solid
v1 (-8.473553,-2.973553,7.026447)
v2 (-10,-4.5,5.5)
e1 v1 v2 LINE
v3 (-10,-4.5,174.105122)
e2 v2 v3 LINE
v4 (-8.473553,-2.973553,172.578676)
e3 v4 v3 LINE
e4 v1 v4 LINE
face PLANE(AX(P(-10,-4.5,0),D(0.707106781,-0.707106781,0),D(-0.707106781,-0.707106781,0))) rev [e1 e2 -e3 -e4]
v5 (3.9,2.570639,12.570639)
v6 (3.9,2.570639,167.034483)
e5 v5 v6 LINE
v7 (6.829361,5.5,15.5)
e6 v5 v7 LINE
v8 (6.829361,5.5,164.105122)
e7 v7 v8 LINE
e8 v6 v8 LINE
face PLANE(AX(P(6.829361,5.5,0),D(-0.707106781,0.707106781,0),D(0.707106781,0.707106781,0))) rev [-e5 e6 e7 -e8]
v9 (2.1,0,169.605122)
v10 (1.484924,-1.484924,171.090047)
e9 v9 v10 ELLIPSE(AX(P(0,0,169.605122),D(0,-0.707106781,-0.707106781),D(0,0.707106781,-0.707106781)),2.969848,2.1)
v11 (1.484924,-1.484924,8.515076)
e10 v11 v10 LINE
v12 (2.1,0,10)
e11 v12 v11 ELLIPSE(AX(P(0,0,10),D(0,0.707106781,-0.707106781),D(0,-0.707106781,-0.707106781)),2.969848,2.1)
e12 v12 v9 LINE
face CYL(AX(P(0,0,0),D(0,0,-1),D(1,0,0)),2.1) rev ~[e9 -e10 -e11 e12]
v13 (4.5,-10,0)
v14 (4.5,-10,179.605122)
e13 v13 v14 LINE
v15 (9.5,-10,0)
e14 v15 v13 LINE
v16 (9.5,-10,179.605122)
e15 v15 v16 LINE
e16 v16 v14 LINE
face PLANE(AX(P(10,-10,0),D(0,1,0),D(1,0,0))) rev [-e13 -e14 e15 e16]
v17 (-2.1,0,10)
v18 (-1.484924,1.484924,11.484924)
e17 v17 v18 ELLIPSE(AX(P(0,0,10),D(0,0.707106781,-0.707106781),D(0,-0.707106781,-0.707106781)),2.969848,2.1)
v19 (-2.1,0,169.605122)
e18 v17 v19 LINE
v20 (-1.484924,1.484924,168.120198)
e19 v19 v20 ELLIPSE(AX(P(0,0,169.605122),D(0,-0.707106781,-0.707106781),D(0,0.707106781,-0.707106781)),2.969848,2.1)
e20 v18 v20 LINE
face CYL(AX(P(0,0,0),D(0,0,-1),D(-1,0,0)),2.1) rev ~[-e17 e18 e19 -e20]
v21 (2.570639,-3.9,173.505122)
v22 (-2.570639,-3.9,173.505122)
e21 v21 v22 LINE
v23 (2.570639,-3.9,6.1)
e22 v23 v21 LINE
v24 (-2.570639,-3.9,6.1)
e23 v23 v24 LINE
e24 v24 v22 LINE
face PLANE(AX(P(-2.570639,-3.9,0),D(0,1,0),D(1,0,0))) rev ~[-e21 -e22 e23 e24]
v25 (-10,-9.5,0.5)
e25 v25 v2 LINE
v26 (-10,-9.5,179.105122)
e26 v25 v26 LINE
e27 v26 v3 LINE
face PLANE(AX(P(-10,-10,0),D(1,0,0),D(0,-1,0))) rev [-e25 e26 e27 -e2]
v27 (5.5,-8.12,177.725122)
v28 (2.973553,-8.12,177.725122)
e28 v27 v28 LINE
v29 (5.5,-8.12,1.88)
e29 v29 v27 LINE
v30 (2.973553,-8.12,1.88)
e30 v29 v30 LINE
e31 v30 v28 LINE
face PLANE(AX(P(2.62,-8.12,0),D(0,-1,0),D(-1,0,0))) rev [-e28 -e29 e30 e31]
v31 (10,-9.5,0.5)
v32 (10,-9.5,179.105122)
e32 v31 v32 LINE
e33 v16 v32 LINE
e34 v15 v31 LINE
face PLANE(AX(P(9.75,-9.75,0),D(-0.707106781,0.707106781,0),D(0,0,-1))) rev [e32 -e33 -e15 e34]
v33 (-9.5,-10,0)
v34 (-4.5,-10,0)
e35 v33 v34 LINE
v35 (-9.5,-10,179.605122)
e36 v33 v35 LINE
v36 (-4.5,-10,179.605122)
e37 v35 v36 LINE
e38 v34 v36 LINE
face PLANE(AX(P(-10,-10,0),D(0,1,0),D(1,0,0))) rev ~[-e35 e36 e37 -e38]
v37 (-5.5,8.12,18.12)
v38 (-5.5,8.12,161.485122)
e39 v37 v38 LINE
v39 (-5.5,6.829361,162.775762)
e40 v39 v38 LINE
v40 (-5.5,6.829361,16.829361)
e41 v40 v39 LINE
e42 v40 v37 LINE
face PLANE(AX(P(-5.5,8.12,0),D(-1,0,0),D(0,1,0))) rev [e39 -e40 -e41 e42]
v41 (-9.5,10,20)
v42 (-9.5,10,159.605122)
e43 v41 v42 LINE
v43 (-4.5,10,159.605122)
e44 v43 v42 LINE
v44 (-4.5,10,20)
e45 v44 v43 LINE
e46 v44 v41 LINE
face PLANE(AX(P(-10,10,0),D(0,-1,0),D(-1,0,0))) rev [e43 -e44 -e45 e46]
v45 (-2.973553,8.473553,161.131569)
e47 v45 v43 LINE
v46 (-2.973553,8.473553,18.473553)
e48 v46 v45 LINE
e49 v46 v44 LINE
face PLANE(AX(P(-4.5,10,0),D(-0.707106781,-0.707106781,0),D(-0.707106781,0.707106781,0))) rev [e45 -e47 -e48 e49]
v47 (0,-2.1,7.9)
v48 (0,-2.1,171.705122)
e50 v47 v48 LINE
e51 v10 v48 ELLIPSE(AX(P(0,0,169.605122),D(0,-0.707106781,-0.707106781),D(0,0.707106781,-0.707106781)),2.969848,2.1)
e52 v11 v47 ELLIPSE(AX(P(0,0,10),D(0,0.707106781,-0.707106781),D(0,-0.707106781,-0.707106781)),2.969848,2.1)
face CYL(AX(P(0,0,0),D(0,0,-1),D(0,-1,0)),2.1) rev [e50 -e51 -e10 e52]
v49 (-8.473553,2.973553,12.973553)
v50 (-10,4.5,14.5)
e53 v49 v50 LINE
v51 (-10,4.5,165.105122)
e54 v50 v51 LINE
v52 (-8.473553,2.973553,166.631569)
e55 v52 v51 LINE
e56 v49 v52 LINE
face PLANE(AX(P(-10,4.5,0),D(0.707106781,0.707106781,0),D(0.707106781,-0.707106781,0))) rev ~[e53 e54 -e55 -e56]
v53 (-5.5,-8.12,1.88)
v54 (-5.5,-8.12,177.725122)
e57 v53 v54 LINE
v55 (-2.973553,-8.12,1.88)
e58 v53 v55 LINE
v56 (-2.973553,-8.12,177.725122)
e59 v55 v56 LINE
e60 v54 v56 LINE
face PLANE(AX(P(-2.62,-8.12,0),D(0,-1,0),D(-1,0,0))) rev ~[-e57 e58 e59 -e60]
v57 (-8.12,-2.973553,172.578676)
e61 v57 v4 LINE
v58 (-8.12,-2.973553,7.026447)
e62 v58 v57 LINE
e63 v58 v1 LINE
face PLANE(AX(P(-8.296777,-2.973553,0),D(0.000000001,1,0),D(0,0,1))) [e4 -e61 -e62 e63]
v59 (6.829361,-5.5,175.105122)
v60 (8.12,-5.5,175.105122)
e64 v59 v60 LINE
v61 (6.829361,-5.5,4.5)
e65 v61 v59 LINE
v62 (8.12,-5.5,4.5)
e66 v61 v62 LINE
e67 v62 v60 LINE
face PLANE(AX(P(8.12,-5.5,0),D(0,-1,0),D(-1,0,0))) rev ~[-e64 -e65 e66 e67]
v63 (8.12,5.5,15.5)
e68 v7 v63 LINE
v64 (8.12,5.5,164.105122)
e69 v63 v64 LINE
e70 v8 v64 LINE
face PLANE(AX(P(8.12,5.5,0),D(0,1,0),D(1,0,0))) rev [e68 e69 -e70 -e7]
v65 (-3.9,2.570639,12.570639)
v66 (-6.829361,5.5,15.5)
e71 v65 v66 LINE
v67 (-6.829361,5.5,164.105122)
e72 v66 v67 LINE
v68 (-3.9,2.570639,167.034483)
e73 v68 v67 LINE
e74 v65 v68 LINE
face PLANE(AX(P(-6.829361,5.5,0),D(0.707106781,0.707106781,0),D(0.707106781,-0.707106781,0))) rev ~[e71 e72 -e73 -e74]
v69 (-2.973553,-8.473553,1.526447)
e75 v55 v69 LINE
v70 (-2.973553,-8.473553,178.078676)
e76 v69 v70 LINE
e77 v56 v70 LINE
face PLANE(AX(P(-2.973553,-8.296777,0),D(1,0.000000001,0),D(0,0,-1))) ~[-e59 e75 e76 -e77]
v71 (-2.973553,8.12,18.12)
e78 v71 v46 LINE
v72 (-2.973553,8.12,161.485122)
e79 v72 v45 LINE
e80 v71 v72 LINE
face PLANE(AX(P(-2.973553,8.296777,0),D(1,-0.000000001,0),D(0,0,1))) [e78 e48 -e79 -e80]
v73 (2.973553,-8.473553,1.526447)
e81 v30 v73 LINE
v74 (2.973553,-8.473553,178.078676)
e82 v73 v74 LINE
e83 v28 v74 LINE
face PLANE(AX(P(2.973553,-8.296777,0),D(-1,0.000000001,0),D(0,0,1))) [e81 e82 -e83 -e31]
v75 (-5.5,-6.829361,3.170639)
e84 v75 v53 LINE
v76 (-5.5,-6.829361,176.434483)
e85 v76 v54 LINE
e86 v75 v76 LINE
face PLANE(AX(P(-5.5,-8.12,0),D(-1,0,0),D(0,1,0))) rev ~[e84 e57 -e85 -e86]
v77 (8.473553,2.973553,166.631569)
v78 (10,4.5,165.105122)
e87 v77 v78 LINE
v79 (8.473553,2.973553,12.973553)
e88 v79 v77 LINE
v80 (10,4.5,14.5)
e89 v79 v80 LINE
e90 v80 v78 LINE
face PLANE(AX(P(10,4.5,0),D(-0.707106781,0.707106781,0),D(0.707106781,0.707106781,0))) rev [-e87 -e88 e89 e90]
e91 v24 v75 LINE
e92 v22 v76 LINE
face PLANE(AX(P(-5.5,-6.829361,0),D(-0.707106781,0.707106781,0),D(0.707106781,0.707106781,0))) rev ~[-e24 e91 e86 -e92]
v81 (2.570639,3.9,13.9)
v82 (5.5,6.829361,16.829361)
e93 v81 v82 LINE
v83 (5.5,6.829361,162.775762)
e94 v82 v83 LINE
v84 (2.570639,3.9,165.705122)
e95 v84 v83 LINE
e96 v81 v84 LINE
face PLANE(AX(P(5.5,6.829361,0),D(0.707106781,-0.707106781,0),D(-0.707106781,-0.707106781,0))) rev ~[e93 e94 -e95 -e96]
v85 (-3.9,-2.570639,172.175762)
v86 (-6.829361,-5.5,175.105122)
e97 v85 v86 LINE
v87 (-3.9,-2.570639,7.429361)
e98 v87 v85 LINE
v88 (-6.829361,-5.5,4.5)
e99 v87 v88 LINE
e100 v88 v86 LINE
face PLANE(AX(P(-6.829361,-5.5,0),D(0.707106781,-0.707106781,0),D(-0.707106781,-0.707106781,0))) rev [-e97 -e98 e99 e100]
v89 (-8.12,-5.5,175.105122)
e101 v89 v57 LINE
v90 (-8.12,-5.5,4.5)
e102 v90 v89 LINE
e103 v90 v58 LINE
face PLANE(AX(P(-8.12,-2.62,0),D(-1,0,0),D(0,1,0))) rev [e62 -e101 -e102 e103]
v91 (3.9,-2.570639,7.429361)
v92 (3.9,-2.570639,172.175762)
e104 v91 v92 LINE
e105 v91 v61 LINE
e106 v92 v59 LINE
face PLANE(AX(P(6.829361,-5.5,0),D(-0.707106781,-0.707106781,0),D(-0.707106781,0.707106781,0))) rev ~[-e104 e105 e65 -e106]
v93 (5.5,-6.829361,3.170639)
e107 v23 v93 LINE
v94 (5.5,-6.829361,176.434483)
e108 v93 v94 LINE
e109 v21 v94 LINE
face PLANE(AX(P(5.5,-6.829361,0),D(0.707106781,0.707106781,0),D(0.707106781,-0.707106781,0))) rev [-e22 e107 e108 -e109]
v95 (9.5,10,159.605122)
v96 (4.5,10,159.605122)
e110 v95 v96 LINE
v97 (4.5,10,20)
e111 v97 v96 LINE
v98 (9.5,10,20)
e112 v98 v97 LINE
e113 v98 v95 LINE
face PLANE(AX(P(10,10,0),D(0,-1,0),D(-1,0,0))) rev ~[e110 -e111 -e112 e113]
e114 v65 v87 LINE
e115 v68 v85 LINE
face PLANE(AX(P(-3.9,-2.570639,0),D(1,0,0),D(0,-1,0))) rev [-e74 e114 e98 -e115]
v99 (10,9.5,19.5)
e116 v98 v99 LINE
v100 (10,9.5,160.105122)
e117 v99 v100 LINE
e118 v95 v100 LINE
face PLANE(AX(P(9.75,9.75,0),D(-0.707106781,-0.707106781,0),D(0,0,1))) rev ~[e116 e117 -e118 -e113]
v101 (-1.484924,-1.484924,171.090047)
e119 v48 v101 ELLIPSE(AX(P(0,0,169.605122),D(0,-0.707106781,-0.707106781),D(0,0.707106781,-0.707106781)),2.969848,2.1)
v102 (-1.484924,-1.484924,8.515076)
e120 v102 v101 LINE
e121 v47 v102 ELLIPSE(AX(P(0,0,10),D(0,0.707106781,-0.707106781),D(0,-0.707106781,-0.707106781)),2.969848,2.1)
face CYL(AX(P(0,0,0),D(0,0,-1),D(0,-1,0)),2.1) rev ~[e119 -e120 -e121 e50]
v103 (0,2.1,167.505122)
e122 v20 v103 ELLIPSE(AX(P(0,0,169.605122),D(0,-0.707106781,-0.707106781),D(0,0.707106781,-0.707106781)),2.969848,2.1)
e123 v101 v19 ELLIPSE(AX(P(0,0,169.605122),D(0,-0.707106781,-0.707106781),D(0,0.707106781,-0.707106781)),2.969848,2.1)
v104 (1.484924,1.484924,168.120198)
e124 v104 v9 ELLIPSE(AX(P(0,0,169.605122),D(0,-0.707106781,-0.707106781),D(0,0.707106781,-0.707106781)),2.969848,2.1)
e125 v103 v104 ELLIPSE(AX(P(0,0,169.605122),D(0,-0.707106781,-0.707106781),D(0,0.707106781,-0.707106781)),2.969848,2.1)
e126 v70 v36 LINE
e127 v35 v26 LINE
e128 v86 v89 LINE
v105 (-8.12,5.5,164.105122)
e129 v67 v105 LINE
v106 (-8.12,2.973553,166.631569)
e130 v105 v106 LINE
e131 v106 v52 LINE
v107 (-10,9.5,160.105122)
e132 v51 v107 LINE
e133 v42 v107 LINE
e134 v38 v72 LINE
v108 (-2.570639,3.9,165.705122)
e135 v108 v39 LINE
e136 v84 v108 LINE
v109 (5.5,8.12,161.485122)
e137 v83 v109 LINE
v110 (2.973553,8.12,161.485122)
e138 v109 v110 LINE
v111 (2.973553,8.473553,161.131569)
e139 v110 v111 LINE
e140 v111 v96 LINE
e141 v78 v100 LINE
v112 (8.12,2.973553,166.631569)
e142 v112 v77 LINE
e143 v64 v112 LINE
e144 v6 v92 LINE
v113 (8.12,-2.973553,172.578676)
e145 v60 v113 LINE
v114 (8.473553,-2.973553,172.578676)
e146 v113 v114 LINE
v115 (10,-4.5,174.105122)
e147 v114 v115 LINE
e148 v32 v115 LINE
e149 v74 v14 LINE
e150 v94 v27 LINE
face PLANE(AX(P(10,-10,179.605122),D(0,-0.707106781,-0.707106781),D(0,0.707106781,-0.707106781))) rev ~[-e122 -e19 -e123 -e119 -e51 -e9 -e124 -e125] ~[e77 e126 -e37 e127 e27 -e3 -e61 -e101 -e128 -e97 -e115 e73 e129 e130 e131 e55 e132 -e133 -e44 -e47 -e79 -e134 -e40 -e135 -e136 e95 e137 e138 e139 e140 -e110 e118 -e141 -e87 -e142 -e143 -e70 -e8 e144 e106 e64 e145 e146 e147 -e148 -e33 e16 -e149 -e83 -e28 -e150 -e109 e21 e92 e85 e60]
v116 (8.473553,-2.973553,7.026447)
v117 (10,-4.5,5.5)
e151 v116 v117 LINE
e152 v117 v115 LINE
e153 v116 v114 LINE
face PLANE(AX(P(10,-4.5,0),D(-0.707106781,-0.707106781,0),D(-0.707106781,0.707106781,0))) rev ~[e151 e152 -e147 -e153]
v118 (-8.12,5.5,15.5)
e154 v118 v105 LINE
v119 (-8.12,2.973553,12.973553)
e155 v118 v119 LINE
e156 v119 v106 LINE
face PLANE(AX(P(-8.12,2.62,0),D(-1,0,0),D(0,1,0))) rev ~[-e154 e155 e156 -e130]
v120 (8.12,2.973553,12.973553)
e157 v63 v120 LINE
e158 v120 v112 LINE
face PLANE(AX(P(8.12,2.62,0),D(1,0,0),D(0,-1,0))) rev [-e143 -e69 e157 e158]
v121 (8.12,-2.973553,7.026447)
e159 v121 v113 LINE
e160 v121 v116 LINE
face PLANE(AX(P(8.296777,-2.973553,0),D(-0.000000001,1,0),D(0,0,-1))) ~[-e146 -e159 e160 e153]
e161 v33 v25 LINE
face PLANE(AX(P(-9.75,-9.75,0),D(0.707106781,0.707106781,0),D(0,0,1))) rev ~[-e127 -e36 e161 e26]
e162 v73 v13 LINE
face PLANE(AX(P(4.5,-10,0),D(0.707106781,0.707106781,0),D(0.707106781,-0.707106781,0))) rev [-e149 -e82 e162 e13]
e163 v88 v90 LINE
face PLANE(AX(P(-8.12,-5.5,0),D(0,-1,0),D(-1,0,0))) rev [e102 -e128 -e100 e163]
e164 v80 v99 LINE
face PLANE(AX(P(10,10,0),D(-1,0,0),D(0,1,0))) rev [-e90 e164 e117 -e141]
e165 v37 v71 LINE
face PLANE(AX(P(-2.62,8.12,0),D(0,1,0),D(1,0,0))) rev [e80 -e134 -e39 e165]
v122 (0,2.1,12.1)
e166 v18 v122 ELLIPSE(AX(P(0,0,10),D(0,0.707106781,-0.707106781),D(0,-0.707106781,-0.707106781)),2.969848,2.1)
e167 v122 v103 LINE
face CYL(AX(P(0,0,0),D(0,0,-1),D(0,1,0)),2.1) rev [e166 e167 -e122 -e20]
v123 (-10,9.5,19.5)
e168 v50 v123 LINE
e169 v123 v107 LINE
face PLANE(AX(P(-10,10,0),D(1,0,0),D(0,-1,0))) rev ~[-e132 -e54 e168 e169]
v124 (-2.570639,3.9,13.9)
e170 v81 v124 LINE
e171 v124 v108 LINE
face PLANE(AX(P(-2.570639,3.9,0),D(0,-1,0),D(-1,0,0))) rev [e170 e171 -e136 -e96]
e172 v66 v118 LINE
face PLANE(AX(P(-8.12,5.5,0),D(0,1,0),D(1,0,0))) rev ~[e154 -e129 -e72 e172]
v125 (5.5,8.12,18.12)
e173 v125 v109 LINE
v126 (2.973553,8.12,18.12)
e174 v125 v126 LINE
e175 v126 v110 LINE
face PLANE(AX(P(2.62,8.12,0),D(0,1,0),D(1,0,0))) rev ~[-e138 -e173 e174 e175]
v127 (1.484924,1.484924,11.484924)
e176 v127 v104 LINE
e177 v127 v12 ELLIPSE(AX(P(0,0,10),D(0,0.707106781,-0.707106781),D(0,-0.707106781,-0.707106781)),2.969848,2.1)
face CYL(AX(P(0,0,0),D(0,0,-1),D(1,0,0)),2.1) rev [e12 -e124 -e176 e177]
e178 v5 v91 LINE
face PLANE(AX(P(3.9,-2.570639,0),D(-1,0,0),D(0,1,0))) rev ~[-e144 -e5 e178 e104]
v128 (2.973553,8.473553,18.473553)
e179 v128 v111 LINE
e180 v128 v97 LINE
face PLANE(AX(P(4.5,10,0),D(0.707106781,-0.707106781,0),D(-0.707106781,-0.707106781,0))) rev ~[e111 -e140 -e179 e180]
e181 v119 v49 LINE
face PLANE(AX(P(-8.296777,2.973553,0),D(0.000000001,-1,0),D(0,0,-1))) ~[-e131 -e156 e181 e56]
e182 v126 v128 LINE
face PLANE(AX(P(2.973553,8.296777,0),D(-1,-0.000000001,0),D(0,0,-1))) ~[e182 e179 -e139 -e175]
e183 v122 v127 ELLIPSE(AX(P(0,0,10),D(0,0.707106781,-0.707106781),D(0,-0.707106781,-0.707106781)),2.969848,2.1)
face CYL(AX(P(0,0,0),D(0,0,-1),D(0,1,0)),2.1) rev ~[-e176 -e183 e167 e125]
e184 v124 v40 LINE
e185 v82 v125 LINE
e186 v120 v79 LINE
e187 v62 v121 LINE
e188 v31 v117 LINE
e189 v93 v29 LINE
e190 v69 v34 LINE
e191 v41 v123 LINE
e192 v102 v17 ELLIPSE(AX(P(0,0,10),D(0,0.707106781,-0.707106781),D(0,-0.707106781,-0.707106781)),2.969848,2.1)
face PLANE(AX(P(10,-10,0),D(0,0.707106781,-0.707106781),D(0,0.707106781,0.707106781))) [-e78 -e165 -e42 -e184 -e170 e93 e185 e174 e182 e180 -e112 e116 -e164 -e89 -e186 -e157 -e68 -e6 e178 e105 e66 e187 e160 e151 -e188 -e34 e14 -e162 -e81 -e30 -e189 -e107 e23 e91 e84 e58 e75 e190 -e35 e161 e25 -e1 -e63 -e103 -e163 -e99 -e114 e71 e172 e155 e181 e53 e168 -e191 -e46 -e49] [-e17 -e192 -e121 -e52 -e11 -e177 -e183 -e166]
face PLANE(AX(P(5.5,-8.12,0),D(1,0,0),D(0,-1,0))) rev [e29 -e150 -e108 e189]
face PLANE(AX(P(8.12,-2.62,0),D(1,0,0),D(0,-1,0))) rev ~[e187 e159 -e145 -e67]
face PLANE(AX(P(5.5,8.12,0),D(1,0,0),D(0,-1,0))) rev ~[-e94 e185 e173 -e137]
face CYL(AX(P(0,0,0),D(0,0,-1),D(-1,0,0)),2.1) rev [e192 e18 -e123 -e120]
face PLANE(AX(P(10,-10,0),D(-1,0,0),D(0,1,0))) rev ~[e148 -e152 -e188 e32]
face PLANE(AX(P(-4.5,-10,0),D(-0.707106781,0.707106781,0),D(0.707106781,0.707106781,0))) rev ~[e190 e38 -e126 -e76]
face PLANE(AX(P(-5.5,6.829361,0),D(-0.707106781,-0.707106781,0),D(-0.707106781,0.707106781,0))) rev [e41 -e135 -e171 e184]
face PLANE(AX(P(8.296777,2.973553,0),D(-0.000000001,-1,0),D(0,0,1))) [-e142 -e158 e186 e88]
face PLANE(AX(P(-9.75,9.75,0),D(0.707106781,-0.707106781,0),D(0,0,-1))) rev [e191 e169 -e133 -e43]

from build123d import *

# Parameters (mm, degrees)
BOSS_EXTRUDE1_DEPTH = 179.605122421
CHAMFER2_SIZE       = 0.5
CHAMFER2_SIZE2      = 0.353553391
CHAMFER1_SIZE       = 0.5
CUT_EXTRUDE1_REACH  = 182.992


with BuildPart() as part:
    # Sketch1 → Boss-Extrude1 (new body)
    with BuildSketch(Plane.XY):
        with BuildLine():
            Line((5.5, 6.829360749), (2.570639251, 3.9))
            Line((2.570639251, 3.9), (0, 3.9))
            Line((0, 3.9), (0, 2.1))
            ThreePointArc((0, 2.1), (0.803635208, 1.940147018), (1.48492424, 1.48492424))
            Line((1.48492424, 1.48492424), (10, 10))
            Line((10, 10), (4.5, 10))
            Line((4.5, 10), (2.62, 8.12))
            Line((2.62, 8.12), (5.5, 8.12))
            Line((5.5, 8.12), (5.5, 6.829360749))
        make_face()
    extrude(amount=BOSS_EXTRUDE1_DEPTH)

    # Chamfer2
    chamfer2_edges = [part.edges().sort_by_distance(p)[0] for p in [
        (2.62, 8.12, 89.802561211),
    ]]
    chamfer2_side = [part.faces().sort_by_distance(p)[0] for p in [
        (3.56, 9.06, 89.802561211),
    ]]
    chamfer(chamfer2_edges, length=CHAMFER2_SIZE, length2=CHAMFER2_SIZE2, reference=chamfer2_side[0])

    # Mirror1: part across plane


with BuildPart() as part_1:
    add(part.part)
    add(part.part.mirror(Plane(origin=(10, 10, 179.605122421), x_dir=(0, 0, 1), z_dir=(-0.707106781186544, 0.7071067811865511, 0))))

    # Chamfer1
    chamfer1_edges = [part_1.edges().sort_by_distance(p)[0] for p in [
        (10, 10, 89.802561211),
    ]]
    chamfer(chamfer1_edges, length=CHAMFER1_SIZE)

    # Mirror4: part across plane


with BuildPart() as part_2:
    add(part_1.part)
    add(part_1.part.mirror(Plane(origin=(0, 3.9, 179.605122421), x_dir=(0, 0, 1), z_dir=(1, 0, 0))))

    # Mirror5: part across plane


with BuildPart() as part_3:
    add(part_2.part)
    add(part_2.part.mirror(Plane(origin=(-3.9, 0, 179.605122421), x_dir=(0, 0, 1), z_dir=(0, 1, 0))))

    # Cut-Extrude1: up to this face of the body (flat: up to its plane)
    cut_extrude1_end = Plane(part_3.part.faces().sort_by_distance((-10, 7, 89.802561211))[0])
    # Sketch2 → Cut-Extrude1 (cut, up to the picked face)
    with BuildSketch(Plane(origin=(10, 0, 0), x_dir=(0, 0, -1), z_dir=(1, 0, 0)), mode=Mode.PRIVATE) as cut_extrude1_sk1:
        Polygon((0, -10), (-20, 10), (0, 10), align=None)
    cut_extrude1_tool1 = split(extrude(cut_extrude1_sk1.sketch, amount=-CUT_EXTRUDE1_REACH, mode=Mode.PRIVATE), bisect_by=cut_extrude1_end, keep=Keep.BOTH, mode=Mode.PRIVATE)
    # Sketch2 → Cut-Extrude1 (cut, up to the picked face)
    with BuildSketch(Plane(origin=(10, 0, 0), x_dir=(0, 0, -1), z_dir=(1, 0, 0)), mode=Mode.PRIVATE) as cut_extrude1_sk2:
        Polygon((-159.605122421, 10), (-179.605122421, 10), (-179.605122421, -10), align=None)
    cut_extrude1_tool2 = split(extrude(cut_extrude1_sk2.sketch, amount=-CUT_EXTRUDE1_REACH, mode=Mode.PRIVATE), bisect_by=cut_extrude1_end, keep=Keep.BOTH, mode=Mode.PRIVATE)
    add(cut_extrude1_tool1.solids().sort_by(Axis((10, 3.333333, 6.666667), (-1, 0, 0)))[0], mode=Mode.SUBTRACT)
    add(cut_extrude1_tool2.solids().sort_by(Axis((10, 3.333333, 172.938456), (-1, 0, 0)))[0], mode=Mode.SUBTRACT)


solid = part_3.part
